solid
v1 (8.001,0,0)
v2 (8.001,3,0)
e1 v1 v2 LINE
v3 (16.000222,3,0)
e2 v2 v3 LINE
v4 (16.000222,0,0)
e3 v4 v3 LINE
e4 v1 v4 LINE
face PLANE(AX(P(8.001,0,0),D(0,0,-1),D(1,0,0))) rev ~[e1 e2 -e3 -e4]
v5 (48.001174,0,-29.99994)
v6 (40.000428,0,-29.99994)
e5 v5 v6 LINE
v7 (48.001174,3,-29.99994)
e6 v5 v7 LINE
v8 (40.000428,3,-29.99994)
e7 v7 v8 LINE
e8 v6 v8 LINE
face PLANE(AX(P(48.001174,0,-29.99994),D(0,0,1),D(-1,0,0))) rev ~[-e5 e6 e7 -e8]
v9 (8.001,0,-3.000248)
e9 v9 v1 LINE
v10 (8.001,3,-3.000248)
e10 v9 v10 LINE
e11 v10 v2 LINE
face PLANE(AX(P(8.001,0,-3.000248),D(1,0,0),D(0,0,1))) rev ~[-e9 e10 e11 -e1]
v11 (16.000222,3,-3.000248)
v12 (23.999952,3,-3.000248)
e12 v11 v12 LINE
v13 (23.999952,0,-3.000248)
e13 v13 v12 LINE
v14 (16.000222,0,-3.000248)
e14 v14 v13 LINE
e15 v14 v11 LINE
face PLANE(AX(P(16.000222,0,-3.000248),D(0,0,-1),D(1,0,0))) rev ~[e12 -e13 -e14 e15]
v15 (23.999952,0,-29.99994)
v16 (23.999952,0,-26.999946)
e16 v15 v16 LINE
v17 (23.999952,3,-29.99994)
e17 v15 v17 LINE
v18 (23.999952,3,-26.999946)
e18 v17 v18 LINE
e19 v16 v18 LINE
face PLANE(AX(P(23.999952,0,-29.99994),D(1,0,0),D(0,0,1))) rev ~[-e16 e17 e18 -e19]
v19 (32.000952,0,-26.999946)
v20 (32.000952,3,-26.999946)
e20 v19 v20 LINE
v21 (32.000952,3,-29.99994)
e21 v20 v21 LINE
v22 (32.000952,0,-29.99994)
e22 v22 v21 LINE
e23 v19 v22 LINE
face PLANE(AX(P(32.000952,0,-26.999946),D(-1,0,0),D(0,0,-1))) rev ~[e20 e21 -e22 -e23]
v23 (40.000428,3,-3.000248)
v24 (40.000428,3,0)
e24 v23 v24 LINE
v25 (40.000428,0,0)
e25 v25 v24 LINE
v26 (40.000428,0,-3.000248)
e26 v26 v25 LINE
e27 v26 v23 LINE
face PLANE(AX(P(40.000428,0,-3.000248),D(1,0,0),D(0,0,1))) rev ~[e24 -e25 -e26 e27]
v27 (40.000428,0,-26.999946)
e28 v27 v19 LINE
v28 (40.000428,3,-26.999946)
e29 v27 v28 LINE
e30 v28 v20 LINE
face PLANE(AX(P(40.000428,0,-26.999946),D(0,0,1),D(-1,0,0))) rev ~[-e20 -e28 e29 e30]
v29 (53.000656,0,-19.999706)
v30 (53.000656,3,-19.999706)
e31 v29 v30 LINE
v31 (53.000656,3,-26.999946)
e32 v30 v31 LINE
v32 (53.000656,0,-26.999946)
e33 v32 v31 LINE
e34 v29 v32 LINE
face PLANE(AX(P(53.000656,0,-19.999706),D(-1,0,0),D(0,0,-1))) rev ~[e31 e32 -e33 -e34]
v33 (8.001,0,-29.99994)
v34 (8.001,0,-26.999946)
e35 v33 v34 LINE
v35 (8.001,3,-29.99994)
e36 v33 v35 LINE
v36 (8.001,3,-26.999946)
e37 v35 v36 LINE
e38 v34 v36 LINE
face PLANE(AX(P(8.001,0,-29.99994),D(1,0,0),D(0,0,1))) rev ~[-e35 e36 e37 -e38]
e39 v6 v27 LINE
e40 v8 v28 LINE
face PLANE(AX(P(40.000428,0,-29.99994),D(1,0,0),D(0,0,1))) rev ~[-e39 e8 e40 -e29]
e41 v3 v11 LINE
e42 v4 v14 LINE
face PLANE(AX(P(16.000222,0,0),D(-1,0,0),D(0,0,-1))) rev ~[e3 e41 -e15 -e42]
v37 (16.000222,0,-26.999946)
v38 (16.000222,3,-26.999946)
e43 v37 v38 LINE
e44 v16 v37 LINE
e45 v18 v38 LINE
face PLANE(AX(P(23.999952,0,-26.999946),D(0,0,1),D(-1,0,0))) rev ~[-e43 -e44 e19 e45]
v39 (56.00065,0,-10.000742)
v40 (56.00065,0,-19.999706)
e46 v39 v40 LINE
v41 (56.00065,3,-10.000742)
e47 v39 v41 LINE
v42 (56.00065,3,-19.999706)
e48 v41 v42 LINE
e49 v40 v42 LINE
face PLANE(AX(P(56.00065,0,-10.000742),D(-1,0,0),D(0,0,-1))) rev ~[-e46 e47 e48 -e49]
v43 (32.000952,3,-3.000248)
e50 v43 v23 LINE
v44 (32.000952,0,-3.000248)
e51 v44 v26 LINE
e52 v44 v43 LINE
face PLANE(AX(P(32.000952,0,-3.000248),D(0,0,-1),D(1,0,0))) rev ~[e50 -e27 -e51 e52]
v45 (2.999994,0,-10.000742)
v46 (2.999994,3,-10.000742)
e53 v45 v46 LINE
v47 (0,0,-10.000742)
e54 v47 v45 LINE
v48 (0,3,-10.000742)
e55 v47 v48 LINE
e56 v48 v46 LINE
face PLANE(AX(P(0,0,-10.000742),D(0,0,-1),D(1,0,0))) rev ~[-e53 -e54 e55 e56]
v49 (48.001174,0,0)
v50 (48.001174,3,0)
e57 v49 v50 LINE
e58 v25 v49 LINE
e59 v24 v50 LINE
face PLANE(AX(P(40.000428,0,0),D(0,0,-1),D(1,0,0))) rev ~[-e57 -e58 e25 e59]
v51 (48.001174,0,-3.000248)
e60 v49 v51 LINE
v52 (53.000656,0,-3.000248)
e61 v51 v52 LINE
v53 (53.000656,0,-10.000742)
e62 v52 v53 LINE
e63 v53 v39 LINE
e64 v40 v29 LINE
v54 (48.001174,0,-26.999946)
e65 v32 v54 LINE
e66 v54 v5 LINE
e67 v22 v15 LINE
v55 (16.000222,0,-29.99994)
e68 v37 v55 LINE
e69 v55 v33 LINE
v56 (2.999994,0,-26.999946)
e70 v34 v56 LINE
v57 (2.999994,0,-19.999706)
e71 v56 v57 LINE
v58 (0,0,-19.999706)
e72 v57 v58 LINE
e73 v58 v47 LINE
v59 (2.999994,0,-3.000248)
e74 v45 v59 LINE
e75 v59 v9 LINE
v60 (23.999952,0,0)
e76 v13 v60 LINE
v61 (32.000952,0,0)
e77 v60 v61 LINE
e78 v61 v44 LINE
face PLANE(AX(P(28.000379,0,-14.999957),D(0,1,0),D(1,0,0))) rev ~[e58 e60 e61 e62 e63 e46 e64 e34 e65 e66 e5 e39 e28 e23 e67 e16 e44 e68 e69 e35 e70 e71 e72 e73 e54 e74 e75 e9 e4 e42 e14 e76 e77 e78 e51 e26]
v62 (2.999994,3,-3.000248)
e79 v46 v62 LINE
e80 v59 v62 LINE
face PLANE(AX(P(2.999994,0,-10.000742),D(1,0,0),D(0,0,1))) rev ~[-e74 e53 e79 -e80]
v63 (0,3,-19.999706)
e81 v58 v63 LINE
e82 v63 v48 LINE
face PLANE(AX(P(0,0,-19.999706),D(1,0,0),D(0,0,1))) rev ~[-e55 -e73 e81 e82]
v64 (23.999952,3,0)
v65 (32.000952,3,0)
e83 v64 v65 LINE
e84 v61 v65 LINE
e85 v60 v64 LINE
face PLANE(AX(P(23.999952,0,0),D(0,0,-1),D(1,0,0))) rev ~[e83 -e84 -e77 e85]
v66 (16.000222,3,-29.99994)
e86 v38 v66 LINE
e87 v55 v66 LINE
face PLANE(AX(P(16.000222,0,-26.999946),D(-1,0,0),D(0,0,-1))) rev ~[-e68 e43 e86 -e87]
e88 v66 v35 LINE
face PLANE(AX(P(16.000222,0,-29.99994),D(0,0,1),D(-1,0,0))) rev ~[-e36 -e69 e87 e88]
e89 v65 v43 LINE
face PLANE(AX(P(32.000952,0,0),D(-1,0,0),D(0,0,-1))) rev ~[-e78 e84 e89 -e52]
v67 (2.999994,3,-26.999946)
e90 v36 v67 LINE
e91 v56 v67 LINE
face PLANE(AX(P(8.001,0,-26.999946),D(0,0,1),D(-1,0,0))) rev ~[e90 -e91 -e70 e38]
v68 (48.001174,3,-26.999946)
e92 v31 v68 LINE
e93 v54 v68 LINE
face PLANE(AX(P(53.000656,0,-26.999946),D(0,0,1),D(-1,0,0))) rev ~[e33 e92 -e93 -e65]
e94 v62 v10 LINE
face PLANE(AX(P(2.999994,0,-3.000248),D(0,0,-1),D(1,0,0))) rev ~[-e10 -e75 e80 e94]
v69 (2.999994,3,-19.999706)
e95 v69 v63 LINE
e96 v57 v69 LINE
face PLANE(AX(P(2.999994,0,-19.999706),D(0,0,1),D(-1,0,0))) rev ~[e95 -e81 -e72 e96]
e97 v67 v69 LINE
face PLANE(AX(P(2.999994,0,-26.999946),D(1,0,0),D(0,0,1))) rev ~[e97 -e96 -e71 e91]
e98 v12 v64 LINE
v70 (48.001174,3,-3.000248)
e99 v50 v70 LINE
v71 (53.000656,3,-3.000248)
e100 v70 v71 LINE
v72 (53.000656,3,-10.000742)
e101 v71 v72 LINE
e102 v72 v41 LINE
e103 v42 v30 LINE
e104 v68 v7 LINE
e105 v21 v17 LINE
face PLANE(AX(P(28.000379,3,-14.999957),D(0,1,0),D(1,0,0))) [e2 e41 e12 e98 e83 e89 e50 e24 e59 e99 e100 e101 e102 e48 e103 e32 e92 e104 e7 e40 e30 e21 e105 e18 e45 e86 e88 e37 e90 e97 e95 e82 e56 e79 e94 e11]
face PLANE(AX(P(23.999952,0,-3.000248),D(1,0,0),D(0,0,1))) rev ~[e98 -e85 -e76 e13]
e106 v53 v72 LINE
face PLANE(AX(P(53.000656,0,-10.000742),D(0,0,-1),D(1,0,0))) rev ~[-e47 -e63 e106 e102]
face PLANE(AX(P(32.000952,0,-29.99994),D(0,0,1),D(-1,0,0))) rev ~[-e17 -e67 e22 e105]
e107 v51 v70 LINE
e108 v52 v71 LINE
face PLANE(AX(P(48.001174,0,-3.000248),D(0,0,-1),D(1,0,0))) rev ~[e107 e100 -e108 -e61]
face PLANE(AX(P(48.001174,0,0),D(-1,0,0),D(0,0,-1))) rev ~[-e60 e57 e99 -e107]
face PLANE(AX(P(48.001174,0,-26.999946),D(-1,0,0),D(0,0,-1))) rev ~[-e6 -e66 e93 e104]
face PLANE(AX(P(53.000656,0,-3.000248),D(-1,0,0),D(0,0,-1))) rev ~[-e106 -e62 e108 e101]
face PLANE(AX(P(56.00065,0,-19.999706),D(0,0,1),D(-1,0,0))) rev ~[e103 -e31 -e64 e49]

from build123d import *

# Parameters (mm, degrees)
AUFSATZ_LINEAR_AUSTRAGEN1_DEPTH = 3


with BuildPart() as part:
    # Skizze1 → Aufsatz-Linear austragen1 (new body)
    with BuildSketch(Plane(origin=(0, 0, 0), x_dir=(1, 0, 0), z_dir=(0, 1, 0))):
        Polygon((2.999994, 26.999946), (2.999994, 19.999706), (0, 19.999706), (0, 10.000742), (2.999994, 10.000742), (2.999994, 3.000248), (8.001, 3.000248), (8.001, 0), (16.000222, 0), (16.000222, 3.000248), (23.999952, 3.000248), (23.999952, 0), (32.000952, 0), (32.000952, 3.000248), (40.000428, 3.000248), (40.000428, 0), (48.001174, 0), (48.001174, 3.000248), (53.000656, 3.000248), (53.000656, 10.000742), (56.00065, 10.000742), (56.00065, 19.999706), (53.000656, 19.999706), (53.000656, 26.999946), (48.001174, 26.999946), (48.001174, 29.99994), (40.000428, 29.99994), (40.000428, 26.999946), (32.000952, 26.999946), (32.000952, 29.99994), (23.999952, 29.99994), (23.999952, 26.999946), (16.000222, 26.999946), (16.000222, 29.99994), (8.001, 29.99994), (8.001, 26.999946), align=None)
    extrude(amount=AUFSATZ_LINEAR_AUSTRAGEN1_DEPTH)


solid = part.part
